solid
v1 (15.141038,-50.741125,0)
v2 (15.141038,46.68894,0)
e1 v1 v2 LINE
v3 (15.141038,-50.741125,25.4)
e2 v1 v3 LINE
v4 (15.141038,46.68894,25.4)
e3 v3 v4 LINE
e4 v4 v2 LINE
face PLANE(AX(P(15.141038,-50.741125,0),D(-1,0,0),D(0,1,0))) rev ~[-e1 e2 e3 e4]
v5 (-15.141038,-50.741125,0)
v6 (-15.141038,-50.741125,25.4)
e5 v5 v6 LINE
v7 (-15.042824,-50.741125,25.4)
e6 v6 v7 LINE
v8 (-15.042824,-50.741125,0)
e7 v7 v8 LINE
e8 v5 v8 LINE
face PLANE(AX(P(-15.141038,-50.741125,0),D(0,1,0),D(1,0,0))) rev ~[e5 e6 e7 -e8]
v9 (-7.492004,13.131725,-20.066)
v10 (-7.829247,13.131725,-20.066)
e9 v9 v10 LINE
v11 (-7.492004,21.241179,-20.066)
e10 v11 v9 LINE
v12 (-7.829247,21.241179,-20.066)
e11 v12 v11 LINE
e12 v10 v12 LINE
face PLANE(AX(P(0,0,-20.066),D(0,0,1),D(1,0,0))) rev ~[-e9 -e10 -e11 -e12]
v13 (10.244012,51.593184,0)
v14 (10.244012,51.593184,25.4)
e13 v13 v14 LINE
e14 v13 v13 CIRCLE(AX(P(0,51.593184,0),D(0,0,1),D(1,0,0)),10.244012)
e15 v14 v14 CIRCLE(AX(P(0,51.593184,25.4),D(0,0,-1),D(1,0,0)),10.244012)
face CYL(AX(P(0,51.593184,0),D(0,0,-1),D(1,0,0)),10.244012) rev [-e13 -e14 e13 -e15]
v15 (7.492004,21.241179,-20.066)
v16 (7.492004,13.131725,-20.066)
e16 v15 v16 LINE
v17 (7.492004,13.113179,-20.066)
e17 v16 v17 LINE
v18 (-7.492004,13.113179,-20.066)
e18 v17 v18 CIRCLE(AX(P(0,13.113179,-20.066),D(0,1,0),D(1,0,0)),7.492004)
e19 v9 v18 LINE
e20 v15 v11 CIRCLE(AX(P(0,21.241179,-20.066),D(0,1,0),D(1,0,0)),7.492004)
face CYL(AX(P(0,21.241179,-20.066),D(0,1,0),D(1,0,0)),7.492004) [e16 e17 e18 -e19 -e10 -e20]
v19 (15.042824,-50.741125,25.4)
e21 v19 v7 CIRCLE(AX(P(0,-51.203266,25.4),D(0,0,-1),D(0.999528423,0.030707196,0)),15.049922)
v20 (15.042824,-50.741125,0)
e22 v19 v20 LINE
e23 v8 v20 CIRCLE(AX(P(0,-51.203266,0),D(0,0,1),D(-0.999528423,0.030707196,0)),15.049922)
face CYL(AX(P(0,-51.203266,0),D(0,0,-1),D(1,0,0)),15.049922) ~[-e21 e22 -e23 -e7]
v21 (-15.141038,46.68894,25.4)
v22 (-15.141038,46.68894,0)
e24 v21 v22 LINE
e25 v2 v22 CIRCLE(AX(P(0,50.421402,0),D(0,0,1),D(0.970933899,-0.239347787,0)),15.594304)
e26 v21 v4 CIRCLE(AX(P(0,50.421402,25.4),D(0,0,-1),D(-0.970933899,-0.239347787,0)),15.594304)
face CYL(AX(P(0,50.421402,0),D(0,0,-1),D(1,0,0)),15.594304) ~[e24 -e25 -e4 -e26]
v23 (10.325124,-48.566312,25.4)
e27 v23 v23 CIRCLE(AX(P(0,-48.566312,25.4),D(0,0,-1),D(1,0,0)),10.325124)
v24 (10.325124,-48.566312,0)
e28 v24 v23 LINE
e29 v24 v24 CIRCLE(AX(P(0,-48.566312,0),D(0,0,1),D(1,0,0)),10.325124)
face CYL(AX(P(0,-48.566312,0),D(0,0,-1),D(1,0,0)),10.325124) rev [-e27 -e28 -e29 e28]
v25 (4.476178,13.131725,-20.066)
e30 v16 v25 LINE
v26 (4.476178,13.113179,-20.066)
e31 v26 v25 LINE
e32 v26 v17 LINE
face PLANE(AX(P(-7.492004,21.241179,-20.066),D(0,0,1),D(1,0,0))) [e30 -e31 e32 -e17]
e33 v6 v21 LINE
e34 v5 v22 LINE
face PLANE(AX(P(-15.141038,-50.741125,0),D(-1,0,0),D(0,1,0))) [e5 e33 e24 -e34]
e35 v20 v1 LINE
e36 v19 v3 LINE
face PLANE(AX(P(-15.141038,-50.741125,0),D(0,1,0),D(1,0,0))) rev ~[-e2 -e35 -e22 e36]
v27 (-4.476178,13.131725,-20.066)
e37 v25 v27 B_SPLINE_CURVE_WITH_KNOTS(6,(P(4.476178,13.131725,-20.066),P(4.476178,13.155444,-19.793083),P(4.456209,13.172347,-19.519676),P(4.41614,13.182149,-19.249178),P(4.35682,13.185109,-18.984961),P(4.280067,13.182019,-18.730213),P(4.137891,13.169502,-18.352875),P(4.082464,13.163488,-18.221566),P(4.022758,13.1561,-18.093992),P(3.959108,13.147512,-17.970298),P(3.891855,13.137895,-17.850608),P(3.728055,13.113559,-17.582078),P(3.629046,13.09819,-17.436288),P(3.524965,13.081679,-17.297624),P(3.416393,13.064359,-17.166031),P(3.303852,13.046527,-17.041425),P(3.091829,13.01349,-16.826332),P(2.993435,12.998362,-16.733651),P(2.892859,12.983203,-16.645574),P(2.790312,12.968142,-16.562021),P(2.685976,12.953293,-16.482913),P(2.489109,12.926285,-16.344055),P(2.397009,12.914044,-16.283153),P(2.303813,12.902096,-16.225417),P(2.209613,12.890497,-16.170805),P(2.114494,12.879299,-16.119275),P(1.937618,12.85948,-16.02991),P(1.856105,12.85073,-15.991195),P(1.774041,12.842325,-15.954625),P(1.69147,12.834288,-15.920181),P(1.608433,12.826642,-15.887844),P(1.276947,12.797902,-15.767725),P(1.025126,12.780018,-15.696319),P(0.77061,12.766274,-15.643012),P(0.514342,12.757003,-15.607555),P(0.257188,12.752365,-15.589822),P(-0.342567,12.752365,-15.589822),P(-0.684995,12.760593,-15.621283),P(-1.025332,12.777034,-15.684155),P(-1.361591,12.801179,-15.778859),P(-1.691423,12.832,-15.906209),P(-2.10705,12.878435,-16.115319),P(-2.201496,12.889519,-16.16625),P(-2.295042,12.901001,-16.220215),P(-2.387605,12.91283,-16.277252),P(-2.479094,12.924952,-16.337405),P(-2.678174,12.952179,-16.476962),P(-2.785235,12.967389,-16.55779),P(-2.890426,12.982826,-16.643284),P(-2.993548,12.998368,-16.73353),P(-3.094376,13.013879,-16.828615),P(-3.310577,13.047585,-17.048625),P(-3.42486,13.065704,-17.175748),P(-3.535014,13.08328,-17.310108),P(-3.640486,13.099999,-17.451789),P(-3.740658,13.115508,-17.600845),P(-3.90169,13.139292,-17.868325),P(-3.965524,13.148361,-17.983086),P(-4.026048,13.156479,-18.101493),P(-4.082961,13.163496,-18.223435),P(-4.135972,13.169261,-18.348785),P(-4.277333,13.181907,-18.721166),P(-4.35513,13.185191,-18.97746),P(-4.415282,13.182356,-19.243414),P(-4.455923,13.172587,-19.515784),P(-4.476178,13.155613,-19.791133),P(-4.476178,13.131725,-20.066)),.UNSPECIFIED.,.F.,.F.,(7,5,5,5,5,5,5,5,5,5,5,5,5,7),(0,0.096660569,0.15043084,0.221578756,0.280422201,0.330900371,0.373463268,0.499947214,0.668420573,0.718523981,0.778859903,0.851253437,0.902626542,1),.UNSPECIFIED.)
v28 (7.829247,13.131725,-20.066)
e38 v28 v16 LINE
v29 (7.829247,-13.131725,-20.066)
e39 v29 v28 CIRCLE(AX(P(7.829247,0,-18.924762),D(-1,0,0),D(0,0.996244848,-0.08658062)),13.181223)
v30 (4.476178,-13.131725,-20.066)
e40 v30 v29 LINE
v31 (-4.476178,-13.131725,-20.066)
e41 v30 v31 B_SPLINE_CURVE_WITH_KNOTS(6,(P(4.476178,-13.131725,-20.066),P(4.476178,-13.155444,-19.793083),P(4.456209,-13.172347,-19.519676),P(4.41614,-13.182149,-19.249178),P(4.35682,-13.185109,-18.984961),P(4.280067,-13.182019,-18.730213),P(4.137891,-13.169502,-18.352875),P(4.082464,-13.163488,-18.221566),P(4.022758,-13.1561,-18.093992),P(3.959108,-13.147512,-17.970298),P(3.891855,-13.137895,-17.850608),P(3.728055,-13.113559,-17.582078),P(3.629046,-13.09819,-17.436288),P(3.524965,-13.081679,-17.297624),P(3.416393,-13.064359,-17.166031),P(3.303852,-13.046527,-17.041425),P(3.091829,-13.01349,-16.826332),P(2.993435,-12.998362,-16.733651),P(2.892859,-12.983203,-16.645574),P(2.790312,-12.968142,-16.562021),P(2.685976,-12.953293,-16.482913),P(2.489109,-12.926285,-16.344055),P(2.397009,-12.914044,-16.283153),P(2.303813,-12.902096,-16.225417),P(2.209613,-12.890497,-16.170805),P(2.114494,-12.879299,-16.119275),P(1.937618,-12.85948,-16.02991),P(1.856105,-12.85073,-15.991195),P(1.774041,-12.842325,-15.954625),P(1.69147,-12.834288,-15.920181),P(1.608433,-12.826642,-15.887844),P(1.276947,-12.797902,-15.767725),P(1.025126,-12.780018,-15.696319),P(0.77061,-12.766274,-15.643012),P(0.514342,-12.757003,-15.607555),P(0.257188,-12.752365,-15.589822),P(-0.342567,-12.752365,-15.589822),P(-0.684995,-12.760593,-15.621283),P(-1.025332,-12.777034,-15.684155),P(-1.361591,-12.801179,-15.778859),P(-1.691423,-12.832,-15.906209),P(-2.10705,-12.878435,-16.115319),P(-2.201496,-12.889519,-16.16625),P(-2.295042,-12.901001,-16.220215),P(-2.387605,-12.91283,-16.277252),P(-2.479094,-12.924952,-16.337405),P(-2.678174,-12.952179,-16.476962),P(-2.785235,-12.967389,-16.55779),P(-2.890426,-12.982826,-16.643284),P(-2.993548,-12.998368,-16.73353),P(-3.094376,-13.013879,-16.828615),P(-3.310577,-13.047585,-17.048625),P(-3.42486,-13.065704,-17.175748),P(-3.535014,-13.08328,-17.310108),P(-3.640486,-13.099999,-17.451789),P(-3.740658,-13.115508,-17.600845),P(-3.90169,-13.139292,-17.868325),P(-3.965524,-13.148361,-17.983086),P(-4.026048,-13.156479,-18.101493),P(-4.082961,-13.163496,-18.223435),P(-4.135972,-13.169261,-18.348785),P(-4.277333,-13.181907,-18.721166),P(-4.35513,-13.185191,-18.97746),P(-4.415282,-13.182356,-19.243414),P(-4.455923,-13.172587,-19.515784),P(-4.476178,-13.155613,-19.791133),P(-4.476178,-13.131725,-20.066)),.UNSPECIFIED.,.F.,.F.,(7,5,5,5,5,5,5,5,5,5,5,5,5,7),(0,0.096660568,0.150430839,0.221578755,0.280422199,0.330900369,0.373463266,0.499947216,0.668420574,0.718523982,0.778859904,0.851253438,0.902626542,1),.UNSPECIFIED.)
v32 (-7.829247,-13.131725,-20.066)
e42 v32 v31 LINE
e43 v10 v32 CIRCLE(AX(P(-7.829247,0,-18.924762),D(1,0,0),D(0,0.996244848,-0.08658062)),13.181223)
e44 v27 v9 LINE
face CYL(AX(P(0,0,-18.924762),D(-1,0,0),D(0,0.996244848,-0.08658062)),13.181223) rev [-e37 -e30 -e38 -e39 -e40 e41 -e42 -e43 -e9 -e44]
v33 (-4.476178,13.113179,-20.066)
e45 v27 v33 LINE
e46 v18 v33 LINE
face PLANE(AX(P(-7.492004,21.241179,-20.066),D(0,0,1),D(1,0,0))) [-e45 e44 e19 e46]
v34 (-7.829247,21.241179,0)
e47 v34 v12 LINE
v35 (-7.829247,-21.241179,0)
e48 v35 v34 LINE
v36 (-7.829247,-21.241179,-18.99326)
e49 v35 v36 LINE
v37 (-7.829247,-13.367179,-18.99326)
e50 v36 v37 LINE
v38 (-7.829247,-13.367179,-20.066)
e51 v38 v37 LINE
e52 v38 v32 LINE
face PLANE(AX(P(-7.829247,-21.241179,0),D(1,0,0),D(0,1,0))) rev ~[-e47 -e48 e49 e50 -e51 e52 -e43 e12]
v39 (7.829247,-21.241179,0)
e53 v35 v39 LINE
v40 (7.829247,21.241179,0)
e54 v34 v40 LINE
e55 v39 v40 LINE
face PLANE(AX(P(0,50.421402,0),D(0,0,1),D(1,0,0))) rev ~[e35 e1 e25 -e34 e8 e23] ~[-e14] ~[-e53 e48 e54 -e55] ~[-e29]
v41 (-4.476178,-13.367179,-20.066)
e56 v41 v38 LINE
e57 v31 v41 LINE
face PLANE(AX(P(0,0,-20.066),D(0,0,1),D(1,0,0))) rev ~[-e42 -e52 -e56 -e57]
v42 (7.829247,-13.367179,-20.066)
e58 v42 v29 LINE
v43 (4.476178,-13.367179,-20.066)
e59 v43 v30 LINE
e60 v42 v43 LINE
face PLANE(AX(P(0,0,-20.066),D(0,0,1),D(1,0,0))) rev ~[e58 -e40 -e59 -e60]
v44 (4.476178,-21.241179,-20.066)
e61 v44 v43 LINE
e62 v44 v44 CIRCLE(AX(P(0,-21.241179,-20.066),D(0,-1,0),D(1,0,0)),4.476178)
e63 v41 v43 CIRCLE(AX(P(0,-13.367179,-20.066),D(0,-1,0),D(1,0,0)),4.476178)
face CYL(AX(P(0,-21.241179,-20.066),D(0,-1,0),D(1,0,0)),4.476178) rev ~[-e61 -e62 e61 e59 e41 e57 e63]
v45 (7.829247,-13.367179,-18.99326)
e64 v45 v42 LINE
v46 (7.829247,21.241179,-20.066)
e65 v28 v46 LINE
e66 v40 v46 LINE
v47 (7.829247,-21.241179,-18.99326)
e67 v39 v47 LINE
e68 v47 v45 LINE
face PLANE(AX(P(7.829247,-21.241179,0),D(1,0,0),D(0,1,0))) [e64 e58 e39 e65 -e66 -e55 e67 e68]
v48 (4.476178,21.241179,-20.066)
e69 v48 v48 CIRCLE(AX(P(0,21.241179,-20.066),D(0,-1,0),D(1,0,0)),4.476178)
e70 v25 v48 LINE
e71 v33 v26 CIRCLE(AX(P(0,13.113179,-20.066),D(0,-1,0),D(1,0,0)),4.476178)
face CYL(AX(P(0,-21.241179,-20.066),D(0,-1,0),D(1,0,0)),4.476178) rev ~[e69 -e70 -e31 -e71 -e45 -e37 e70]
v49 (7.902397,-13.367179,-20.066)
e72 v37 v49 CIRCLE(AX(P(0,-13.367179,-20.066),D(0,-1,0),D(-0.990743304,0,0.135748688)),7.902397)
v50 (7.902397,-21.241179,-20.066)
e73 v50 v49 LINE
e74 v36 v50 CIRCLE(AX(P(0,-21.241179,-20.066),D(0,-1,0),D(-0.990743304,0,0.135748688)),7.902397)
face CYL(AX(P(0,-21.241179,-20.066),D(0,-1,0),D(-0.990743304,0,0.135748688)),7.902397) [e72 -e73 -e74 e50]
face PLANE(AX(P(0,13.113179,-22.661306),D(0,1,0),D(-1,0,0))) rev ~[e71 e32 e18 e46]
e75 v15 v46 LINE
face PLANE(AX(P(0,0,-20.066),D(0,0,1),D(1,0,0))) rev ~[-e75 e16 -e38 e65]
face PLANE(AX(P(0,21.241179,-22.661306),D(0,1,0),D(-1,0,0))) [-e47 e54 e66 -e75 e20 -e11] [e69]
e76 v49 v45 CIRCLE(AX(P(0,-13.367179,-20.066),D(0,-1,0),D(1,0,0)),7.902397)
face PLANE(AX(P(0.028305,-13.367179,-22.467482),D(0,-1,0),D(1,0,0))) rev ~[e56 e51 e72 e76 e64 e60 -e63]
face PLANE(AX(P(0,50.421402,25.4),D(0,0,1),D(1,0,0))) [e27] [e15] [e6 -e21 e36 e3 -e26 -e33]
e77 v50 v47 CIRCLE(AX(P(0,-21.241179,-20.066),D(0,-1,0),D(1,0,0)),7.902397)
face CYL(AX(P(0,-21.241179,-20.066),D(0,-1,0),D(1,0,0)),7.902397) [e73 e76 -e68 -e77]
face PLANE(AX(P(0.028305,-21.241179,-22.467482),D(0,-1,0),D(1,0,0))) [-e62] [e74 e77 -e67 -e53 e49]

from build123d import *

# Parameters (mm, degrees)
F0_W      = 30.2820764482
F0_H      = 101.4822497964
F3_DEPTH  = 25.4
F2_R      = 15.0499216081
F4_DEPTH  = 25.4
F1_R      = 15.5943038306
F5_DEPTH  = 25.4
F6_R      = 10.2440117392
F7_DEPTH  = 49.022
F8_R      = 10.3251238381
F9_DEPTH  = 31.75
F10_W     = 15.6584940851
F10_H     = 42.4823574722
F11_DEPTH = 20.066
F12_R     = 13.1812227962
F13_DEPTH = 25.4
F14_DEPTH = 25.4
F16_DEPTH = 8.128
F18_DEPTH = 7.874
F19_R     = 4.4761775303
F20_DEPTH = 55.118


with BuildPart() as f3:
    # F0 (on Top) → F3 (new body)
    with BuildSketch(Plane.XY):
        Rectangle(F0_W, F0_H)
    extrude(amount=F3_DEPTH)

    # F2 (on Top) → F4 (join)
    with BuildSketch(Plane.XY):
        with Locations((0, -51.2032657862)):
            Circle(F2_R)
    extrude(amount=F4_DEPTH)

    # F1 (on Top) → F5 (join)
    with BuildSketch(Plane.XY):
        with Locations((0, 50.4214018583)):
            Circle(F1_R)
    extrude(amount=F5_DEPTH)

    # F6 (on Top) → F7 (cut)
    with BuildSketch(Plane.XY):
        with Locations((0, 51.5931844711)):
            Circle(F6_R)
    extrude(amount=F7_DEPTH, mode=Mode.SUBTRACT)

    # F8 (on Top) → F9 (cut)
    with BuildSketch(Plane.XY):
        with Locations((0, -48.5663115978)):
            Circle(F8_R)
    extrude(amount=F9_DEPTH, mode=Mode.SUBTRACT)

    # F10 (on Top) → F11 (join)
    with BuildSketch(Plane.XY):
        Rectangle(F10_W, F10_H)
    extrude(amount=-F11_DEPTH)

    # F12 (on Right) → F13 (cut)
    with BuildSketch(Plane.YZ):
        with Locations((0, -18.9247615635)):
            Circle(F12_R)
    extrude(amount=-F13_DEPTH, mode=Mode.SUBTRACT)

    # F14 (cut): a face of the model
    f14_faces = [f3.faces().sort_by_distance(p)[0] for p in [
        (0, 0, -13.9418780745),
    ]]
    extrude(f14_faces, amount=-F14_DEPTH, mode=Mode.SUBTRACT)

    # F15 (on face) → F16 (join)
    with BuildSketch(Plane(origin=(0, 21.2411787361, 0), x_dir=(-1, 0, 0), z_dir=(0, 1, 0))):
        with BuildLine():
            ThreePointArc((-7.4920039842, -20.066), (0, -27.5580039842), (7.4920039842, -20.066))
            Line((7.4920039842, -20.066), (-7.4920039842, -20.066))
        make_face()
    extrude(amount=-F16_DEPTH)

    # F17 (on face) → F18 (join)
    with BuildSketch(Plane.XZ.offset(21.2411787361)):
        with BuildLine():
            ThreePointArc((-7.8292470425, -18.9932599539), (-0.5376156021, -27.9500884016), (7.9023971338, -20.066))
            ThreePointArc((7.9023971338, -20.066), (7.8840884016, -19.5283843979), (7.8292470425, -18.9932599539))
            Line((7.8292470425, -18.9932599539), (7.8292470425, -20.066))
            Line((7.8292470425, -20.066), (-7.8292470425, -20.066))
            Line((-7.8292470425, -20.066), (-7.8292470425, -18.9932599539))
        make_face()
    extrude(amount=-F18_DEPTH)

    # F19 (on face) → F20 (cut)
    with BuildSketch(Plane.XZ.offset(21.2411787361)):
        with Locations((0, -20.066)):
            Circle(F19_R)
    extrude(amount=-F20_DEPTH, mode=Mode.SUBTRACT)


solid = f3.part
